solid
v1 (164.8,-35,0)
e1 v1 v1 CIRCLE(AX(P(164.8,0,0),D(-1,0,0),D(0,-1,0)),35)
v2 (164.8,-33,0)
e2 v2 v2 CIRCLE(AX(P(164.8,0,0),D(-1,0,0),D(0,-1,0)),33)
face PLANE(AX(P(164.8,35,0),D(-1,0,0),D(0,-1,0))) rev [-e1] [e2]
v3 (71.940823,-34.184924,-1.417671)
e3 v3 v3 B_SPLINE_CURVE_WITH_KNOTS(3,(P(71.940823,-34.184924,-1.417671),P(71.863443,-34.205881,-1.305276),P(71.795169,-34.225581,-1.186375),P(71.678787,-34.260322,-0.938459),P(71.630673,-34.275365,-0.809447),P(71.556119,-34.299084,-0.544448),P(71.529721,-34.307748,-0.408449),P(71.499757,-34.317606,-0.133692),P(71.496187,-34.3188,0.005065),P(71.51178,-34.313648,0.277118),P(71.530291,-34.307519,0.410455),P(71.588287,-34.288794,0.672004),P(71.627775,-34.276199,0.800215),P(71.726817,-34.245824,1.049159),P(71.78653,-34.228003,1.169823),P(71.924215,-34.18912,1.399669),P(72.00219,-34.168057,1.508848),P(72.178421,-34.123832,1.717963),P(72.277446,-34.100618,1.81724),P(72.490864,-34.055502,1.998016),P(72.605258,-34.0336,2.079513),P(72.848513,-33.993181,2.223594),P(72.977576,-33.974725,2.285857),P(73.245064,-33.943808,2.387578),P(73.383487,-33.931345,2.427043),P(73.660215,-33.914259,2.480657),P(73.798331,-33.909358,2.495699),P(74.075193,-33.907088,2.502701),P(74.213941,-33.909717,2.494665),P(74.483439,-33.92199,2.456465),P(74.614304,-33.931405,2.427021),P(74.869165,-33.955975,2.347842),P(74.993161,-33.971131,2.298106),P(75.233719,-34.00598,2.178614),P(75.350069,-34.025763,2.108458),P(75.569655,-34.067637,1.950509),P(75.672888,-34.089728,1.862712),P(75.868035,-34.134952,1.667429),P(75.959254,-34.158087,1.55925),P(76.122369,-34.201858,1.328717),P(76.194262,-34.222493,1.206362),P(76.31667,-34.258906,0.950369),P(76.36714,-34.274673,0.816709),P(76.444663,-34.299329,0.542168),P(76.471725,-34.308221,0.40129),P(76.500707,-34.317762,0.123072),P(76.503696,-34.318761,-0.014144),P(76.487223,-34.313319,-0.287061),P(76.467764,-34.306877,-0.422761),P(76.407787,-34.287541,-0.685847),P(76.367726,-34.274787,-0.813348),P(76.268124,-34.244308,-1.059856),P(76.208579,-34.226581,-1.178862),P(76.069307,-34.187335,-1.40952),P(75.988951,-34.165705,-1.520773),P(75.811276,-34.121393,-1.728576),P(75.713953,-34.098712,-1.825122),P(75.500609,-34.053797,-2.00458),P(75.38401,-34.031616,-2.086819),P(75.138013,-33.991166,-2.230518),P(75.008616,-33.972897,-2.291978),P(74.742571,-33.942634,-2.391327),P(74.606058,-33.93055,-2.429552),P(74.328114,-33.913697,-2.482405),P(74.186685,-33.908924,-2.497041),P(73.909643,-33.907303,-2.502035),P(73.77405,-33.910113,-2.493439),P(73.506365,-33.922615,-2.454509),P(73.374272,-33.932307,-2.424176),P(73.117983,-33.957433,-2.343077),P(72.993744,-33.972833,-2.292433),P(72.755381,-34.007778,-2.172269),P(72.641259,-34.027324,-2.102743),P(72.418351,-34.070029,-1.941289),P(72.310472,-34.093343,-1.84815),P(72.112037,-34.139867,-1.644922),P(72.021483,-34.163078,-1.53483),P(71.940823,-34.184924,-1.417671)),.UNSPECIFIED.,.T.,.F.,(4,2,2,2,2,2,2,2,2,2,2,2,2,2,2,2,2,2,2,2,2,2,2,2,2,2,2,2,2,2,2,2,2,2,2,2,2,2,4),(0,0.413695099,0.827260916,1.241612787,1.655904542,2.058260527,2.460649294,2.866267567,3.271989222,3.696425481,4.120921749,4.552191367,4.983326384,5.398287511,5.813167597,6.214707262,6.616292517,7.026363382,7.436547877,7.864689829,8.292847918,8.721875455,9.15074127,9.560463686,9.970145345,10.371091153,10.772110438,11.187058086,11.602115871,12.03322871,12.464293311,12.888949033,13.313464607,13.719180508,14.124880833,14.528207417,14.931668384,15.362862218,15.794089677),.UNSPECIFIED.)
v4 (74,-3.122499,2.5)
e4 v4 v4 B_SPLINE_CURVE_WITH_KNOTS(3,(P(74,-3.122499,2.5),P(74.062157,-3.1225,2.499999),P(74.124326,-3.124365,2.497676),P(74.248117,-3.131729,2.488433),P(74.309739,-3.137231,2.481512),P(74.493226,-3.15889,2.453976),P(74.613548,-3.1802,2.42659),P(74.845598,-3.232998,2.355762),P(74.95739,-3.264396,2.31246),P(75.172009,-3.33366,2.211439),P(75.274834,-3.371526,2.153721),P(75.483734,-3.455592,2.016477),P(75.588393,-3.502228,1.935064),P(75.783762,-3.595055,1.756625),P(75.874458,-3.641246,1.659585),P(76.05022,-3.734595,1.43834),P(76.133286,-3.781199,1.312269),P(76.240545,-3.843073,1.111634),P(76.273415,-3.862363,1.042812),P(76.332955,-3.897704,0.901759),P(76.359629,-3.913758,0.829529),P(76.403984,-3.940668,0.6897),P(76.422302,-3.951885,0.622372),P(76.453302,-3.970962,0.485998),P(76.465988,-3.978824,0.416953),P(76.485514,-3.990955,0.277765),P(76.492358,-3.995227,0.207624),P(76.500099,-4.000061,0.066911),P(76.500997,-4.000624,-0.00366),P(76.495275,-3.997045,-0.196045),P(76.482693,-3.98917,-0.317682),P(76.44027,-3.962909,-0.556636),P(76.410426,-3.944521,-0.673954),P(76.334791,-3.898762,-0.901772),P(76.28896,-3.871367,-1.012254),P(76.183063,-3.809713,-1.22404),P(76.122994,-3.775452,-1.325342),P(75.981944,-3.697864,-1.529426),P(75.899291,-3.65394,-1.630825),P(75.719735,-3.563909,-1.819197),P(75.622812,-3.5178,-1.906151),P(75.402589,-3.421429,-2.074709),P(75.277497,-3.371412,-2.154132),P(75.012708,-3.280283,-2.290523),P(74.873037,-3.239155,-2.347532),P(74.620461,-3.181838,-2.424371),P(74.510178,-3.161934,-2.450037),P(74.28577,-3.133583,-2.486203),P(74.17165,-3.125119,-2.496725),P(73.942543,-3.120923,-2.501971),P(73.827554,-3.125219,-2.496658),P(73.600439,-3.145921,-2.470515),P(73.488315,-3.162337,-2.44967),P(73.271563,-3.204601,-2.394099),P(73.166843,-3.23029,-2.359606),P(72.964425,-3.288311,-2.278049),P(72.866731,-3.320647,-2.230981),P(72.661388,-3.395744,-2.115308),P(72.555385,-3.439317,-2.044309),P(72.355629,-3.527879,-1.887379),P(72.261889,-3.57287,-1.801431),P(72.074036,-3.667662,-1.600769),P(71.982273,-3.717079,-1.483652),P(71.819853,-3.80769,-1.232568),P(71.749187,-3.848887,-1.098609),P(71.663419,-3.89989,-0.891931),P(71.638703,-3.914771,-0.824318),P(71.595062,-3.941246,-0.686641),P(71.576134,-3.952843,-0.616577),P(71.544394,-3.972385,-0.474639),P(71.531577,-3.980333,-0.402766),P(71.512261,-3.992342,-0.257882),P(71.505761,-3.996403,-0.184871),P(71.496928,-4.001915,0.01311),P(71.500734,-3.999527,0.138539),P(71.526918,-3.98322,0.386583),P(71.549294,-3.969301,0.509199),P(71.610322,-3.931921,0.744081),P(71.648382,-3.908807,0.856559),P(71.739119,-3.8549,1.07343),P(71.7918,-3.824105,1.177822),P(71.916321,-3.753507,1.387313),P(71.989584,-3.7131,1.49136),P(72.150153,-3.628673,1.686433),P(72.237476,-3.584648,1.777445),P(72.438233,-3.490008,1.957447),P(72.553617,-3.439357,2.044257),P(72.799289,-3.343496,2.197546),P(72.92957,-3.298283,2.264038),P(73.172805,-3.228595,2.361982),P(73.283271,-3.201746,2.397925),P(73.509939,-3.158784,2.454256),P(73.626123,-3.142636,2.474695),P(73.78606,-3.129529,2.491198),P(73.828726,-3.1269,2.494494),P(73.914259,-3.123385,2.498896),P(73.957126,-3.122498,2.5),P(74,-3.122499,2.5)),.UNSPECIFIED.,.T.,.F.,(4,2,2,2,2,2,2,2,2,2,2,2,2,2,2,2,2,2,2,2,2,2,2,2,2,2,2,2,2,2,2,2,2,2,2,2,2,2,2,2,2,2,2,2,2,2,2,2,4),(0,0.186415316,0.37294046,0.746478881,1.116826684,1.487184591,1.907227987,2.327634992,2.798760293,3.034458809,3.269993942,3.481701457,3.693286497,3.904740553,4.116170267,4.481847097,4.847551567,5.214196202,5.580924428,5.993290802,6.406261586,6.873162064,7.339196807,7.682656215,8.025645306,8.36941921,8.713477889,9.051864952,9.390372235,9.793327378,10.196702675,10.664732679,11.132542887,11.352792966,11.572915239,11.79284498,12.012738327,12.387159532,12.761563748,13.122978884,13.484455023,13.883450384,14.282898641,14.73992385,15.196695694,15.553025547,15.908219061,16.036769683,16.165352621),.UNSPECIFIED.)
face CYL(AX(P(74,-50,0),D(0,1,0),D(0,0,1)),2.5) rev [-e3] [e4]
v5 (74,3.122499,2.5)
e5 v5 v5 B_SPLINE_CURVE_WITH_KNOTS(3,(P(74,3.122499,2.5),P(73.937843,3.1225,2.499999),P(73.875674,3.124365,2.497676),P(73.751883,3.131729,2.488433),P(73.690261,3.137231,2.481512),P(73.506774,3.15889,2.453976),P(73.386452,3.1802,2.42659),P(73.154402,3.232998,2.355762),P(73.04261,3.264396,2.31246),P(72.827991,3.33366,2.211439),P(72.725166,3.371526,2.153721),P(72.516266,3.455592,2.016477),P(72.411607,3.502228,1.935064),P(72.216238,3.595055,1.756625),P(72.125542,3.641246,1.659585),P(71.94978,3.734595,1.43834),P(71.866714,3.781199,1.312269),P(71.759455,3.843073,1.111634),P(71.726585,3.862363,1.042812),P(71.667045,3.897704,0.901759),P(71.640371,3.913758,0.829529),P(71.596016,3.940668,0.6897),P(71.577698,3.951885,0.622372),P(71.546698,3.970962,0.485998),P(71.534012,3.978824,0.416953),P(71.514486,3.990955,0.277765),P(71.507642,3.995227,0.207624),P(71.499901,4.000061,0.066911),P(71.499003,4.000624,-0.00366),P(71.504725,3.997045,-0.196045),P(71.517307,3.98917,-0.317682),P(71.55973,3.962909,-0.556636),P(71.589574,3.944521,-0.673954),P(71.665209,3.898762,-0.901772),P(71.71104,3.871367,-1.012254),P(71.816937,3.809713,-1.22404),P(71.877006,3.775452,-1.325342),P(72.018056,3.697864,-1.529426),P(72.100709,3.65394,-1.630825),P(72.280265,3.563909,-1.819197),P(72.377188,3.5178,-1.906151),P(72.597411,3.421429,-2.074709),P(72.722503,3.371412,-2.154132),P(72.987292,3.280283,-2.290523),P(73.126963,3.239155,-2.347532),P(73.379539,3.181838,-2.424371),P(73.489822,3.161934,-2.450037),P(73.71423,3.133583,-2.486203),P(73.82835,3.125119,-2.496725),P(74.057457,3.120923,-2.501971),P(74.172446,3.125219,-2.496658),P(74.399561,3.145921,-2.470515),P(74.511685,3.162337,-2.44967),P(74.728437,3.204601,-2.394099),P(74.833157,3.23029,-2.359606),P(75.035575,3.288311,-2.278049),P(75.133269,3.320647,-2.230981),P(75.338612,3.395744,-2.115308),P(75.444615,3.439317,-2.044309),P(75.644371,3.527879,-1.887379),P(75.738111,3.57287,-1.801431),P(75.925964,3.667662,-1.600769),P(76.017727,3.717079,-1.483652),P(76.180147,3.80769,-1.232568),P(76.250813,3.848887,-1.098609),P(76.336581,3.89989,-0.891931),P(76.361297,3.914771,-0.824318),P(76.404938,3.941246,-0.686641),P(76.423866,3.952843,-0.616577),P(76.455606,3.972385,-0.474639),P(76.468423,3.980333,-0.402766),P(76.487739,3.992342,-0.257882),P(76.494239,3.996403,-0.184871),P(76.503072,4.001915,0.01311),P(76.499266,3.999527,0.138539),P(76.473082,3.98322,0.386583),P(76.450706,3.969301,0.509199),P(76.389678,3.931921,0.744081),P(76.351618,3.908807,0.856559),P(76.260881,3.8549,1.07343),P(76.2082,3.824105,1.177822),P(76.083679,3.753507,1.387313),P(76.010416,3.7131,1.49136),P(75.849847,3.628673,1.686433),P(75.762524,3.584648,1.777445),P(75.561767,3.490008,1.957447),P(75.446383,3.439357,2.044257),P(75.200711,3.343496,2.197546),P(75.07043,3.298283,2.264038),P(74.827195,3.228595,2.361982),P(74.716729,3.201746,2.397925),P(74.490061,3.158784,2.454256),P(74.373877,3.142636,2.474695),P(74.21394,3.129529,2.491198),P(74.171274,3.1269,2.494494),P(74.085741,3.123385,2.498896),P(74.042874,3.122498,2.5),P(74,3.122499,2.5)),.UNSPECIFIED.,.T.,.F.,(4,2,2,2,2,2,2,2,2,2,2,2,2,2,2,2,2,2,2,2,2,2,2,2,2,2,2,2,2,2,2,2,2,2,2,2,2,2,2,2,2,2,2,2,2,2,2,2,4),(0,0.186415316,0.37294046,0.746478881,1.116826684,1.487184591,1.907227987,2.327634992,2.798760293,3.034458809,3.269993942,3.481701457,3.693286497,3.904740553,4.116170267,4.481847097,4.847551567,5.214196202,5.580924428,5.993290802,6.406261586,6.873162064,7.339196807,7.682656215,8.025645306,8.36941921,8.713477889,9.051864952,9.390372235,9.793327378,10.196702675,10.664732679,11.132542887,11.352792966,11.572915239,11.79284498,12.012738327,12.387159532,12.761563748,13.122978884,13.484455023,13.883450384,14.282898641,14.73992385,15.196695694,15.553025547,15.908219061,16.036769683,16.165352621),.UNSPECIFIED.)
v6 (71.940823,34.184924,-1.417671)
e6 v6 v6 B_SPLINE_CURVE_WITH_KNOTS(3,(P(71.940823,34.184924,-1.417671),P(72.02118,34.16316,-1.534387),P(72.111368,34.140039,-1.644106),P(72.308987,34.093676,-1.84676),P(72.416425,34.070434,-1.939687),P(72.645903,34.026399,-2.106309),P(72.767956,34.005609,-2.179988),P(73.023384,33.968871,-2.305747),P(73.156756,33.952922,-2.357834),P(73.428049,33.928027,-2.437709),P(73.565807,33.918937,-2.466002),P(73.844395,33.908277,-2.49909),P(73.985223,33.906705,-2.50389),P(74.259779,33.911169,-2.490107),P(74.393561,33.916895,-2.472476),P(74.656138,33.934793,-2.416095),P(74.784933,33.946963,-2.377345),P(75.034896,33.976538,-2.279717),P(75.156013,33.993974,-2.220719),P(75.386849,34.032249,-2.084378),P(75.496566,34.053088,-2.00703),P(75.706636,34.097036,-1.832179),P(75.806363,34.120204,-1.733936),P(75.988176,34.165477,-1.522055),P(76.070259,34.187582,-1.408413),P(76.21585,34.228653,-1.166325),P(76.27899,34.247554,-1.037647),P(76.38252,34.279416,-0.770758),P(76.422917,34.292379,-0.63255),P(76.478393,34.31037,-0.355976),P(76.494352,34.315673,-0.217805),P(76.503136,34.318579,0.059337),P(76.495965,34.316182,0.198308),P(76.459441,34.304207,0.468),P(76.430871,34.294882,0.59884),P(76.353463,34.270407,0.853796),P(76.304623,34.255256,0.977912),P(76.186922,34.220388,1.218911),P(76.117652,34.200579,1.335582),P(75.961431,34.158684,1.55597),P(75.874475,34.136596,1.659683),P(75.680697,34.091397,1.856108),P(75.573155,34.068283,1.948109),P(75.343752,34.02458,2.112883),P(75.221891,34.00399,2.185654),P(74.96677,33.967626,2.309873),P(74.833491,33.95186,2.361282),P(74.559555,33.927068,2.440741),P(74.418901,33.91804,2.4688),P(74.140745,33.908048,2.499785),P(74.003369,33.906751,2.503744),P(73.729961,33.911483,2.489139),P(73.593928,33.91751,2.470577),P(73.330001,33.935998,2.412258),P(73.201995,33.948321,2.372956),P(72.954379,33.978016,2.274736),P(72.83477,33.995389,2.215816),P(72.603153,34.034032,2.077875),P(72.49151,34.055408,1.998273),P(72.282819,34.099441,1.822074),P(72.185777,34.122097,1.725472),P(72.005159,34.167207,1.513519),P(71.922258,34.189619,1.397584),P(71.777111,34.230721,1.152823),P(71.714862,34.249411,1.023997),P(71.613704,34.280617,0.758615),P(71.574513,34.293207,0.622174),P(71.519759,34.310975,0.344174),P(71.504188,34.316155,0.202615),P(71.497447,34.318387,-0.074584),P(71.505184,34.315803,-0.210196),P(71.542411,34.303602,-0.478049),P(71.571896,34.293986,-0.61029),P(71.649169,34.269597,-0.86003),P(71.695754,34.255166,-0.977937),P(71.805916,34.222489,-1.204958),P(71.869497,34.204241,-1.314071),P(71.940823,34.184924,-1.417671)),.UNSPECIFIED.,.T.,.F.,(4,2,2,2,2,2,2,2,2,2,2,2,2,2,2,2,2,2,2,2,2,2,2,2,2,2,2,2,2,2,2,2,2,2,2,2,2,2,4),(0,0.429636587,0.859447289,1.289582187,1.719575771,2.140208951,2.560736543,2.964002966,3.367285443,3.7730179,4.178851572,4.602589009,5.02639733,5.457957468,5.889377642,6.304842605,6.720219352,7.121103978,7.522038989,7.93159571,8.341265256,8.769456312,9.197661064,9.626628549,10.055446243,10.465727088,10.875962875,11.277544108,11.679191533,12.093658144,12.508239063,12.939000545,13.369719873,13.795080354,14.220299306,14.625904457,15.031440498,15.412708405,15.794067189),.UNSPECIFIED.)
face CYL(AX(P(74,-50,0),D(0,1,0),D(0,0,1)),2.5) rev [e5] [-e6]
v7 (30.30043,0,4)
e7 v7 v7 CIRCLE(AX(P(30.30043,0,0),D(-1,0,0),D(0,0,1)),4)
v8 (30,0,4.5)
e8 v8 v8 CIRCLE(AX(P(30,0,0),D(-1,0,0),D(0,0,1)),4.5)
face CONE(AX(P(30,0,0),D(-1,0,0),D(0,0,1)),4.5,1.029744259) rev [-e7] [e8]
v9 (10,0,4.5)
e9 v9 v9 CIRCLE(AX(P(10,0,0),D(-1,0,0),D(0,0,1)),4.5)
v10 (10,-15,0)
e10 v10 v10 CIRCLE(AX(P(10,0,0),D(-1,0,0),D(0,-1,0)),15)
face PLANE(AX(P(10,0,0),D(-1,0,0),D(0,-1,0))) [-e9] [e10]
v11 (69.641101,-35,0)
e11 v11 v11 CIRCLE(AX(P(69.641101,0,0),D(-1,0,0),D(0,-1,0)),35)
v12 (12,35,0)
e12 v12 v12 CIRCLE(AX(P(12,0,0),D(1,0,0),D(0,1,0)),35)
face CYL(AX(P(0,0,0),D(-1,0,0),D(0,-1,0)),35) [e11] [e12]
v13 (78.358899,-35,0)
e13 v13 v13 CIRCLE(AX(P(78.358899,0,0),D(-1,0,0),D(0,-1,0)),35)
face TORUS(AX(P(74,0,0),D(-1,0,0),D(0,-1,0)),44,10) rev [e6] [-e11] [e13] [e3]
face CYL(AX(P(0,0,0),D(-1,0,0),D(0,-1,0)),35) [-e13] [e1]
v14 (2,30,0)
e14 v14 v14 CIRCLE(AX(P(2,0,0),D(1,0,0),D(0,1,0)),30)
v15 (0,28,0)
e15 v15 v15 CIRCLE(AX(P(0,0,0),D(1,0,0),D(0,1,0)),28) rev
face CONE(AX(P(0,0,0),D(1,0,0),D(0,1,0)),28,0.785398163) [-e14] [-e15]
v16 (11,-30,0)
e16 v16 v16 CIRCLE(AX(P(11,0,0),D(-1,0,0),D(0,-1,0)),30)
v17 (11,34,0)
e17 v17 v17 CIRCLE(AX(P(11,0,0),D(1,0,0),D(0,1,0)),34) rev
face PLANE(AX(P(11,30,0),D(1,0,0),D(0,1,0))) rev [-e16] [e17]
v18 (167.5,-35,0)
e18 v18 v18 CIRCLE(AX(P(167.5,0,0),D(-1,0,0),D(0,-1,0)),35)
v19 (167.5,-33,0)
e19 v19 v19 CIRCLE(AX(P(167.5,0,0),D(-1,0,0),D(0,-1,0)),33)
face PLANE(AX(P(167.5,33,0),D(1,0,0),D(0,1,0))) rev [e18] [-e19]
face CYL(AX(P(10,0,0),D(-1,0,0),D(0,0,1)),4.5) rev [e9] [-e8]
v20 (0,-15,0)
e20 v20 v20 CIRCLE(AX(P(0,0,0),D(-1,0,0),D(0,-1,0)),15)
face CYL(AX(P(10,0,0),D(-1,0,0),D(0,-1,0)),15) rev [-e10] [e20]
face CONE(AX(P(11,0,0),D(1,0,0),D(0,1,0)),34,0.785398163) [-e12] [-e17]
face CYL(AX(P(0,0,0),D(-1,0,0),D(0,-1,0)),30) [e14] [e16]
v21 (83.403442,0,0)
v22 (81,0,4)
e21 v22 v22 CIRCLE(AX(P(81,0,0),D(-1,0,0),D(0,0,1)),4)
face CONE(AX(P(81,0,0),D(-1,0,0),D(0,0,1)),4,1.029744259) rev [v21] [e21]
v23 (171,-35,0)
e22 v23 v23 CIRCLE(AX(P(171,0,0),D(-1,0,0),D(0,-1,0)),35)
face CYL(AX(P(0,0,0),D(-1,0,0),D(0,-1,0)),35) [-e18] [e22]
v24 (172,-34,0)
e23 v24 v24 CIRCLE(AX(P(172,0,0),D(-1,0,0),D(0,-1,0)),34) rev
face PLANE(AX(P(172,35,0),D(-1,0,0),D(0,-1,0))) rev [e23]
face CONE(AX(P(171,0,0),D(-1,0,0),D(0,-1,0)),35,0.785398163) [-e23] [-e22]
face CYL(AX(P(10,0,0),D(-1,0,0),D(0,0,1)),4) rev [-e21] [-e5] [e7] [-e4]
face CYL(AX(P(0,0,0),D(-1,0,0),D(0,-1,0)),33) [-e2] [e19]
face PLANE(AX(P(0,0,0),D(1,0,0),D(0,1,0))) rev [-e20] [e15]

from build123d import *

# Parameters (mm, degrees)
SKETCH_2_R                = 2.5
CUT_EXTRUDE_1_DEPTH       = 50
CHAMFER_1_SIZE            = 2
CHAMFER_2_SIZE            = 1
CHAMFER_3_SIZE            = 1
SKETCH_3_R                = 15
CUT_EXTRUDE_2_DEPTH       = 10
HOLE_WIZARD_8_0_8_2_D     = 8
HOLE_WIZARD_8_0_8_2_DEPTH = 71
HOLE_WIZARD_8_0_8_2_TIP   = 2.403442476
M10X1_0_2_D               = 9
M10X1_0_2_DEPTH           = 20
M10X1_0_2_TIP             = 2.703872786


with BuildPart() as part:
    # 草图1 → 旋转1 (revolve)
    with BuildSketch(Plane.XY, mode=Mode.PRIVATE) as revolve_1_sk:
        with BuildLine():
            Line((0, 0), (172, 0))
            Line((172, 0), (172, 35))
            Line((172, 35), (167.5, 35))
            Line((167.5, 35), (167.5, 33))
            Line((167.5, 33), (164.8, 33))
            Line((164.8, 33), (164.8, 35))
            Line((164.8, 35), (78.358898944, 35))
            ThreePointArc((78.358898944, 35), (74, 34), (69.641101056, 35))
            Line((69.641101056, 35), (11, 35))
            Line((11, 35), (11, 30))
            Line((11, 30), (0, 30))
            Line((0, 30), (0, 0))
        make_face()
    revolve(revolve_1_sk.sketch.rotate(Axis((0, 0, 0), (1, 0, 0)), 180), axis=Axis((0, 0, 0), (1, 0, 0)))

    # 草图2 → 切除-拉伸1 (cut, symmetric)
    with BuildSketch(Plane(origin=(0, 0, 0), x_dir=(1, 0, 0), z_dir=(0, 1, 0))):
        with Locations(Location((74, 0, 0), (0, 0, 145.453943399))):
            Circle(SKETCH_2_R)
    extrude(amount=CUT_EXTRUDE_1_DEPTH, both=True, mode=Mode.SUBTRACT)

    # 倒角1
    chamfer_1_edges = [part.edges().sort_by_distance(p)[0] for p in [
        (0, 30, 0),
    ]]
    chamfer(chamfer_1_edges, length=CHAMFER_1_SIZE)

    # 倒角2
    chamfer_2_edges = [part.edges().sort_by_distance(p)[0] for p in [
        (11, 35, 0),
    ]]
    chamfer(chamfer_2_edges, length=CHAMFER_2_SIZE)

    # 倒角3
    chamfer_3_edges = [part.edges().sort_by_distance(p)[0] for p in [
        (172, 35, 0),
    ]]
    chamfer(chamfer_3_edges, length=CHAMFER_3_SIZE)

    # 草图3 → 切除-拉伸2 (cut)
    with BuildSketch(Plane.ZY):
        with Locations(Location((0, 0, 0), (0, 0, 270))):
            Circle(SKETCH_3_R)
    extrude(amount=-CUT_EXTRUDE_2_DEPTH, mode=Mode.SUBTRACT)

    # Ø8.0 (8) 直径孔2
    with Locations(Plane.ZY.offset(-10)):
        with Locations((0, 0)):
            Hole(HOLE_WIZARD_8_0_8_2_D / 2, depth=HOLE_WIZARD_8_0_8_2_DEPTH)
            with Locations((0, 0, -(HOLE_WIZARD_8_0_8_2_DEPTH + HOLE_WIZARD_8_0_8_2_TIP / 2))):  # 118° drill point
                Cone(0, HOLE_WIZARD_8_0_8_2_D / 2, HOLE_WIZARD_8_0_8_2_TIP, mode=Mode.SUBTRACT)

    # M10x1.0 螺纹孔2
    with Locations(Plane.ZY.offset(-10)):
        with Locations((0, 0)):
            Hole(M10X1_0_2_D / 2, depth=M10X1_0_2_DEPTH)
            with Locations((0, 0, -(M10X1_0_2_DEPTH + M10X1_0_2_TIP / 2))):  # 118° drill point
                Cone(0, M10X1_0_2_D / 2, M10X1_0_2_TIP, mode=Mode.SUBTRACT)


solid = part.part
